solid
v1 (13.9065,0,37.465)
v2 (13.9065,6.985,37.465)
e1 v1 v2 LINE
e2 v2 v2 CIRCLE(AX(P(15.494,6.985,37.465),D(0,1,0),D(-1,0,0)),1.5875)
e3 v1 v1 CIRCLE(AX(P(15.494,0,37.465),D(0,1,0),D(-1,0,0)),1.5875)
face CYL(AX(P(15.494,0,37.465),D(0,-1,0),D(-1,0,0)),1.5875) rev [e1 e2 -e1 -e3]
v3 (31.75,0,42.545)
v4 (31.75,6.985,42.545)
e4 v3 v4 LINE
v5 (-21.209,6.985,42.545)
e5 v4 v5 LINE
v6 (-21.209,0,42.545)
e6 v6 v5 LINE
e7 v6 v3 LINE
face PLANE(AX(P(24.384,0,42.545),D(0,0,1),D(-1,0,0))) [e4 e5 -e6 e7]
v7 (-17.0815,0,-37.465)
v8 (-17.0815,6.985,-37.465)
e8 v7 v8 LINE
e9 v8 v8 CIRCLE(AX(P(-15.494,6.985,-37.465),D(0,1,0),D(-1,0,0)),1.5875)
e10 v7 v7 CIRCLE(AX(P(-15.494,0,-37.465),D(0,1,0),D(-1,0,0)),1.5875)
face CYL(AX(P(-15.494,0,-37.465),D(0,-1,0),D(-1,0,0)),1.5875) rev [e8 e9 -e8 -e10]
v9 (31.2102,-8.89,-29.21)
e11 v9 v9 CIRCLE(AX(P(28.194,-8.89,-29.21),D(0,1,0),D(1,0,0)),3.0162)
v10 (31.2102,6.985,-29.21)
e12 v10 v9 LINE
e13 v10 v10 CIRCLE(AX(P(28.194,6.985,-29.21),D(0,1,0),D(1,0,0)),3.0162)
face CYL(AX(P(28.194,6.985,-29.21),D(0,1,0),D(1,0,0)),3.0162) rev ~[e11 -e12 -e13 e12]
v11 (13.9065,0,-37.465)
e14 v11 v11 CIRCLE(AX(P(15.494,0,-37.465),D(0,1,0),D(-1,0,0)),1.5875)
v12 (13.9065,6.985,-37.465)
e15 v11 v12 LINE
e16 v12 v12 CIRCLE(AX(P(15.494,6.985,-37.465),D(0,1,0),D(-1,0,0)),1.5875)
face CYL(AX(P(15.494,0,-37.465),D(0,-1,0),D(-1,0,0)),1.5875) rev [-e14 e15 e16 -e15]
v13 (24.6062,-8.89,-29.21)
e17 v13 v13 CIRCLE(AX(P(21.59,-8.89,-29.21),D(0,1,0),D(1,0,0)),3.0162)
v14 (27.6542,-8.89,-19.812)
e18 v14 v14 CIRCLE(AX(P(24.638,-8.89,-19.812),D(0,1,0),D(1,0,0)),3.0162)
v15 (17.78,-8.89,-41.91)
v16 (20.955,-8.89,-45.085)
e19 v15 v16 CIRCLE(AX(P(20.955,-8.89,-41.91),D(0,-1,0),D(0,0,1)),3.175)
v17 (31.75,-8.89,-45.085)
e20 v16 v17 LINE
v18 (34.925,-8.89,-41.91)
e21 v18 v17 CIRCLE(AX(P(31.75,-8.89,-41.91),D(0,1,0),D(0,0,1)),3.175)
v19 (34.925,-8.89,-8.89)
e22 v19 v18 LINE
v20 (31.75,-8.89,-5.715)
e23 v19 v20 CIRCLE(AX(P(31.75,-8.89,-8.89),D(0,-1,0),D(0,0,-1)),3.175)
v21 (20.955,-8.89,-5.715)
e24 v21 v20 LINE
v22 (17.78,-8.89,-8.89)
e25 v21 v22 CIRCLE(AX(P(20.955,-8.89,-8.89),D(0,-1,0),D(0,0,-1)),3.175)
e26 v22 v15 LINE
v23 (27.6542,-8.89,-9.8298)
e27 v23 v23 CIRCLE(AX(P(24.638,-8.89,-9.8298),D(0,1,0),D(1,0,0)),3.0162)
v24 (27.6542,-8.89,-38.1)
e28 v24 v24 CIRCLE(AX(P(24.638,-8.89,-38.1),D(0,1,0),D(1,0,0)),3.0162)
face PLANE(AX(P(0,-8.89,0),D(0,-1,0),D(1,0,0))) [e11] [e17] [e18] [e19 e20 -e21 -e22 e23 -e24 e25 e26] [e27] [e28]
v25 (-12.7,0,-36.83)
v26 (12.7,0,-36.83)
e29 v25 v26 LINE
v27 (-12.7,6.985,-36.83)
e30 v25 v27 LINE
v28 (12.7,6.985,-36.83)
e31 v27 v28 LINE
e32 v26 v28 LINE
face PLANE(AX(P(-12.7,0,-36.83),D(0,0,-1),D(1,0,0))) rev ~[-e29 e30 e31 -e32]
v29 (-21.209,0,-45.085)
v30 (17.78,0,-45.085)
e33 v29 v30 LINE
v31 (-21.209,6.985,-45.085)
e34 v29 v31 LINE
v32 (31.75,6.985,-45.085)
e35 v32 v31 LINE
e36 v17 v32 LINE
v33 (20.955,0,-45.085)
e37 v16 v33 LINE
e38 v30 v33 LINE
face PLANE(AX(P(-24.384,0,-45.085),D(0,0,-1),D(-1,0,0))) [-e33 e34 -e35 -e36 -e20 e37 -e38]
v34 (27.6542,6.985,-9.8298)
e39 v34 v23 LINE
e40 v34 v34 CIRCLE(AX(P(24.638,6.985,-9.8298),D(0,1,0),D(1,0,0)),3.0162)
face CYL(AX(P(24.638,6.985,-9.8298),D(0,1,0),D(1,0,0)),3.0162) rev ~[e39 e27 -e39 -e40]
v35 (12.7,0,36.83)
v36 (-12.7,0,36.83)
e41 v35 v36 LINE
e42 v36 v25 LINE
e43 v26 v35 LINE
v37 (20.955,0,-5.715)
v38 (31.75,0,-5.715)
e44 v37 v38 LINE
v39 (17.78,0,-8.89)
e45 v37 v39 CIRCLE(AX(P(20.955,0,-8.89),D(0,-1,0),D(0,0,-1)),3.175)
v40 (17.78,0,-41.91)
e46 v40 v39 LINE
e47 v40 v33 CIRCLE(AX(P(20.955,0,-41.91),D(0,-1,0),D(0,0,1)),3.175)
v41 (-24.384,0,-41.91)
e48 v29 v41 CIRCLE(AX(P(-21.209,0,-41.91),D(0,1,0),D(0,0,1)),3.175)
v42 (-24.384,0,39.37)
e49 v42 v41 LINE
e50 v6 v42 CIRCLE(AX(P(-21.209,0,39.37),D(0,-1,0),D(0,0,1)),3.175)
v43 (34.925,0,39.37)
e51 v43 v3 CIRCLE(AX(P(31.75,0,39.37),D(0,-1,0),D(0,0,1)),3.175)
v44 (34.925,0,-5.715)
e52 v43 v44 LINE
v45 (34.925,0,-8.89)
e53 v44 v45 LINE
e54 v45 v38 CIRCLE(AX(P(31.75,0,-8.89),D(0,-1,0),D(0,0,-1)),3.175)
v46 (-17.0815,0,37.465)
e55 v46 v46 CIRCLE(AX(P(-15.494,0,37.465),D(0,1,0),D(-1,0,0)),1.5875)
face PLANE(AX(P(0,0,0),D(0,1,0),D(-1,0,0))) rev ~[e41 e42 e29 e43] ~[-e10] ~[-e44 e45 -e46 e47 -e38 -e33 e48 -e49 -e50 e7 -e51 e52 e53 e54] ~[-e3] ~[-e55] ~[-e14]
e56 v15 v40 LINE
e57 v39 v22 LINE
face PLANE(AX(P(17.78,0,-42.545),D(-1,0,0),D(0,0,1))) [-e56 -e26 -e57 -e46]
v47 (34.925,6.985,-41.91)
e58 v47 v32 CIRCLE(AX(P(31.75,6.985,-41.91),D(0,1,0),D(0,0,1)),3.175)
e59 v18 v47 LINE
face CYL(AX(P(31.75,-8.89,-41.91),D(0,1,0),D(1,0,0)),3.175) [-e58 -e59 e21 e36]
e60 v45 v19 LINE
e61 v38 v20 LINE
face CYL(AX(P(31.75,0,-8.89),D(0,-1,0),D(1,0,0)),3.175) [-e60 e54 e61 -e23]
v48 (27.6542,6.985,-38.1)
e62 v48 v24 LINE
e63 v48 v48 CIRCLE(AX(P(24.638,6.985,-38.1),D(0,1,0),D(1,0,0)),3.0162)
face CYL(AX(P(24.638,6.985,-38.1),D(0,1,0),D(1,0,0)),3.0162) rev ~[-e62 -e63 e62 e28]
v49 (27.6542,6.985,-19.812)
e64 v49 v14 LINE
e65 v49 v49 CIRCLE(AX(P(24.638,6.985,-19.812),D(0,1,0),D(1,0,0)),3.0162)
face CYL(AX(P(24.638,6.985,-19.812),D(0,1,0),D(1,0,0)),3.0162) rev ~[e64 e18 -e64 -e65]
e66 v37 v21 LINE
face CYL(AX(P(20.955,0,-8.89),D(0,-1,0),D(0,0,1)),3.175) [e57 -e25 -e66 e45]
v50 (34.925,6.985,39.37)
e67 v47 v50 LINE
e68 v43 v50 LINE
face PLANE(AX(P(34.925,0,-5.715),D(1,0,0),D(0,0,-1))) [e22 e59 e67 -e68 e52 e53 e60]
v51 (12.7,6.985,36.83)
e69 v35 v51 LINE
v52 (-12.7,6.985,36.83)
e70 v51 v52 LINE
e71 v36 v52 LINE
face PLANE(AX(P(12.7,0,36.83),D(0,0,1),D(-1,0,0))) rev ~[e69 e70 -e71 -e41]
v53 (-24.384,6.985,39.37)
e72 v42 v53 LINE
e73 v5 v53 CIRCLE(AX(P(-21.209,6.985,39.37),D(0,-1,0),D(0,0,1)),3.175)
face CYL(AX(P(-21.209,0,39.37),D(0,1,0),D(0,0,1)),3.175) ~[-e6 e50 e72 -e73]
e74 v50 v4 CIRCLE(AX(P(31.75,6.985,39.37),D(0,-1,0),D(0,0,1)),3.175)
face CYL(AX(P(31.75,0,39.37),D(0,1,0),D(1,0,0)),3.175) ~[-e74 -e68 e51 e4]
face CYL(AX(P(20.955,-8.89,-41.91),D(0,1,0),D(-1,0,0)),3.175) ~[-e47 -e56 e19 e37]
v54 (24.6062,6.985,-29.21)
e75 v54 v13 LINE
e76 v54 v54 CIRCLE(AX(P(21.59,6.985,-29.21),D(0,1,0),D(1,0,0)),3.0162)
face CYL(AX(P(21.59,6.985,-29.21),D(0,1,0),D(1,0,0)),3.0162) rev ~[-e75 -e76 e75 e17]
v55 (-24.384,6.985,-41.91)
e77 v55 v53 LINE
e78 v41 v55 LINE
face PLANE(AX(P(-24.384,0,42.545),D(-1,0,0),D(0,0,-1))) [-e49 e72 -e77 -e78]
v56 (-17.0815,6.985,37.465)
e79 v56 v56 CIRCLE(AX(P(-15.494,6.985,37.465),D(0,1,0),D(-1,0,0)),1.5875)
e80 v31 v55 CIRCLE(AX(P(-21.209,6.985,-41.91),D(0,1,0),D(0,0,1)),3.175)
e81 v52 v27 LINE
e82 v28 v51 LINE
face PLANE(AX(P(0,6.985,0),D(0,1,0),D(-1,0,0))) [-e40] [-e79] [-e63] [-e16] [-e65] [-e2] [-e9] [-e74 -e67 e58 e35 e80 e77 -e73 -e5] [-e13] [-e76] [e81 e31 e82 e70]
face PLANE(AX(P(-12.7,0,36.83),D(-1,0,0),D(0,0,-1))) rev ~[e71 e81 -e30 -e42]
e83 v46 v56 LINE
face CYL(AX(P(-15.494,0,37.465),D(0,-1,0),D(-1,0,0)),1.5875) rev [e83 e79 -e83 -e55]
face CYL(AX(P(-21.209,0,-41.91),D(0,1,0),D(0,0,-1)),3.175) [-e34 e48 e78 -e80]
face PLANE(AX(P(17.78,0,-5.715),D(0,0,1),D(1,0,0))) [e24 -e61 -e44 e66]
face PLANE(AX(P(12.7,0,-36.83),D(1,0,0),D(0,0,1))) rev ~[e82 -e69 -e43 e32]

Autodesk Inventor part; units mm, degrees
ref_plane "YZ Plane" through (0, 0, 0) normal (1, 0, 0) x (0, 1, 0)
ref_plane "XZ Plane" through (0, 0, 0) normal (0, 1, 0) x (-1, 0, 0)
ref_plane "XY Plane" through (0, 0, 0) normal (0, 0, 1) x (1, 0, 0)
sketch "Sketch1" plane through (0, 0, 0) normal (0, 1, 0) x (-1, 0, 0)
  line L0 (-24.384, 42.545) -> (24.384, 42.545)
  line L1 (24.384, 42.545) -> (24.384, -42.545)
  line L2 (24.384, -42.545) -> (-24.384, -42.545)
  line L3 (-24.384, -42.545) -> (-24.384, 42.545)
  line L4 (-24.384, 42.545) -> (24.384, -42.545) construction
  line L5 (24.384, 42.545) -> (-24.384, -42.545) construction
  line L6 (-12.7, 36.83) -> (12.7, 36.83)
  line L7 (12.7, 36.83) -> (12.7, -36.83)
  line L8 (12.7, -36.83) -> (-12.7, -36.83)
  line L9 (-12.7, -36.83) -> (-12.7, 36.83)
  line L10 (-12.7, 36.83) -> (12.7, -36.83) construction
  line L11 (12.7, 36.83) -> (-12.7, -36.83) construction
  line L12 (-24.384, 42.545) -> (-34.925, 42.545)
  line L13 (-34.925, 42.545) -> (-34.925, -42.545)
  line L14 (-34.925, -42.545) -> (-24.384, -42.545)
  line L15 (-24.384, -42.545) -> (-24.384, 42.545)
  circle A0 centre (15.494, 37.465) radius 1.5875
  circle A1 centre (-15.494, 37.465) radius 1.5875
  circle A2 centre (-15.494, -37.465) radius 1.5875
  circle A3 centre (15.494, -37.465) radius 1.5875
  point P0 (0, 0)
  dimension "d0" = 73.66
  dimension "d1" = 25.4
  dimension "d4" = 85.09
  dimension "d5" = 34.925
  dimension "d6" = 59.309
  dimension "d7" = 3.175
  dimension "d8" = 3.175
  dimension "d9" = 3.175
  dimension "d10" = 3.175
  dimension "d11" = 5.08
  dimension "d12" = 8.89
  dimension "d13" = 5.08
  dimension "d14" = 19.431
extrude "Extrusion1" add sketch "Sketch1" along normal blind 6.985
sketch "Sketch3" plane through (0, 0, 0) normal (0, -1, 0) x (1, 0, 0)
  line L0 (34.925, 42.545) -> (34.925, -42.545) projected
  line L1 (34.925, -42.545) -> (17.78, -42.545)
  line L2 (17.78, -42.545) -> (17.78, -5.715)
  line L3 (17.78, -5.715) -> (34.925, -5.715)
  line L4 (34.925, -5.715) -> (34.925, -42.545)
  point P0 (0, 0)
  point P1 (34.925, -5.715)
  dimension "d31" = 36.83
  dimension "d32" = 17.145
extrude "Extrusion3" add sketch "Sketch3" along normal blind 8.89
sketch "Sketch2" plane through (0, 6.985, 0) normal (0, 1, 0) x (1, 0, 0)
  circle A0 centre (21.59, 29.21) radius 3.0162
  circle A1 centre (28.194, 29.21) radius 3.0162
  circle A2 centre (24.638, 38.1) radius 3.0162
  circle A3 centre (24.638, 19.812) radius 3.0162
  line L0 (34.925, -42.545) -> (34.925, 42.545) projected
  circle A4 centre (24.638, 9.8298) radius 3.0162
  line L1 (34.925, 42.545) -> (-24.384, 42.545) projected
  point P0 (0, 0)
  dimension "d17" = 6.0325
  dimension "d18" = 6.0325
  dimension "d19" = 6.0325
  dimension "d20" = 6.0325
  dimension "d21" = 6.731
  dimension "d22" = 10.287
  dimension "d23" = 13.335
  dimension "d24" = 6.0325
  dimension "d25" = 4.445
  dimension "d26" = 18.288
  dimension "d27" = 8.89
  dimension "d28" = 28.2702
extrude "Extrusion2" cut sketch "Sketch2" against normal through all
sketch "Sketch7" plane through (-24.384, 0, -42.545) normal (0, 0, -1) x (-1, 0, 0)
  line L0 (-59.309, 6.985) -> (0, 6.985) projected
  line L1 (0, 0) -> (-59.309, 0) projected
  line L2 (0, 6.985) -> (-59.309, 6.985)
  line L3 (-59.309, 6.985) -> (-59.309, 0)
  line L4 (-59.309, 0) -> (0, 0)
  line L5 (0, 0) -> (0, 6.985)
  line L6 (-42.164, -8.89) -> (-59.309, -8.89) projected
  line L7 (-59.309, -8.89) -> (-42.164, -8.89)
  line L8 (-42.164, -8.89) -> (-42.164, 0)
  line L9 (-42.164, 0) -> (-59.309, 0)
  line L10 (-59.309, 0) -> (-59.309, -8.89)
  point P0 (-24.384, 0)
  point P1 (-45.4299, 3.81)
  point P2 (-45.4299, 3.81)
extrude "Extrusion5" add sketch "Sketch7" along normal blind 2.54
sketch "Sketch4" plane through (0, 6.985, 0) normal (0, 1, 0) x (1, 0, 0)
  circle A0 centre (21.59, 29.21) radius 3.0162 projected
  circle A1 centre (21.59, 29.21) radius 5.715
  circle A2 centre (24.638, 38.1) radius 3.0162 projected
  circle A3 centre (24.638, 38.1) radius 5.715
  circle A4 centre (28.194, 29.21) radius 3.0162 projected
  circle A5 centre (24.638, 19.812) radius 3.0162 projected
  circle A6 centre (24.638, 19.812) radius 5.715
  circle A7 centre (24.638, 9.8298) radius 3.0162 projected
  circle A8 centre (24.638, 9.8298) radius 5.715
  circle A9 centre (28.194, 29.21) radius 5.715
  point P0 (0, 0)
  point P1 (24.892, 24.5455)
  point P2 (24.892, 33.8745)
  point P3 (23.8684, 25.4749)
  point P4 (23.108, 26.6036)
  point P5 (23.108, 31.8164)
  point P6 (23.518, 32.4958)
  point P7 (20.037, 34.71)
  point P8 (20.3805, 23.6245)
  point P9 (28.9636, 23.5471)
  point P10 (29.314, 34.8142)
  point P11 (26.191, 32.6)
  point P12 (26.676, 31.8164)
  point P13 (26.676, 26.6036)
  point P14 (25.8475, 25.3975)
  point P15 (21.8541, 14.8209)
  point P16 (27.4219, 14.8209)
  dimension "d35" = 11.43
  dimension "d36" = 11.43
  dimension "d37" = 11.43
  dimension "d38" = 11.43
  dimension "d39" = 11.43
fillet "Fillet1" radius 3.175 7 edges at (-24.384, 3.4925, 42.545) (34.925, 3.4925, 42.545) (34.925, -0.9525, -45.085) (-24.384, 3.4925, -45.085) (17.78, -4.445, -45.085) (17.78, -4.445, -5.715) (34.925, -4.445, -5.715)
equation "\"d8\" = d7"
equation "\"d9\" = d7"
equation "\"d10\" = d7"
equation "\"d18\" = d17"
equation "\"d19\" = d17"
equation "\"d20\" = d17"
equation "\"d24\" = d17"
equation "\"d36\" = d35"
equation "\"d37\" = d35"
equation "\"d38\" = d35"
equation "\"d39\" = d35"
properties part number "Button_Plate"
